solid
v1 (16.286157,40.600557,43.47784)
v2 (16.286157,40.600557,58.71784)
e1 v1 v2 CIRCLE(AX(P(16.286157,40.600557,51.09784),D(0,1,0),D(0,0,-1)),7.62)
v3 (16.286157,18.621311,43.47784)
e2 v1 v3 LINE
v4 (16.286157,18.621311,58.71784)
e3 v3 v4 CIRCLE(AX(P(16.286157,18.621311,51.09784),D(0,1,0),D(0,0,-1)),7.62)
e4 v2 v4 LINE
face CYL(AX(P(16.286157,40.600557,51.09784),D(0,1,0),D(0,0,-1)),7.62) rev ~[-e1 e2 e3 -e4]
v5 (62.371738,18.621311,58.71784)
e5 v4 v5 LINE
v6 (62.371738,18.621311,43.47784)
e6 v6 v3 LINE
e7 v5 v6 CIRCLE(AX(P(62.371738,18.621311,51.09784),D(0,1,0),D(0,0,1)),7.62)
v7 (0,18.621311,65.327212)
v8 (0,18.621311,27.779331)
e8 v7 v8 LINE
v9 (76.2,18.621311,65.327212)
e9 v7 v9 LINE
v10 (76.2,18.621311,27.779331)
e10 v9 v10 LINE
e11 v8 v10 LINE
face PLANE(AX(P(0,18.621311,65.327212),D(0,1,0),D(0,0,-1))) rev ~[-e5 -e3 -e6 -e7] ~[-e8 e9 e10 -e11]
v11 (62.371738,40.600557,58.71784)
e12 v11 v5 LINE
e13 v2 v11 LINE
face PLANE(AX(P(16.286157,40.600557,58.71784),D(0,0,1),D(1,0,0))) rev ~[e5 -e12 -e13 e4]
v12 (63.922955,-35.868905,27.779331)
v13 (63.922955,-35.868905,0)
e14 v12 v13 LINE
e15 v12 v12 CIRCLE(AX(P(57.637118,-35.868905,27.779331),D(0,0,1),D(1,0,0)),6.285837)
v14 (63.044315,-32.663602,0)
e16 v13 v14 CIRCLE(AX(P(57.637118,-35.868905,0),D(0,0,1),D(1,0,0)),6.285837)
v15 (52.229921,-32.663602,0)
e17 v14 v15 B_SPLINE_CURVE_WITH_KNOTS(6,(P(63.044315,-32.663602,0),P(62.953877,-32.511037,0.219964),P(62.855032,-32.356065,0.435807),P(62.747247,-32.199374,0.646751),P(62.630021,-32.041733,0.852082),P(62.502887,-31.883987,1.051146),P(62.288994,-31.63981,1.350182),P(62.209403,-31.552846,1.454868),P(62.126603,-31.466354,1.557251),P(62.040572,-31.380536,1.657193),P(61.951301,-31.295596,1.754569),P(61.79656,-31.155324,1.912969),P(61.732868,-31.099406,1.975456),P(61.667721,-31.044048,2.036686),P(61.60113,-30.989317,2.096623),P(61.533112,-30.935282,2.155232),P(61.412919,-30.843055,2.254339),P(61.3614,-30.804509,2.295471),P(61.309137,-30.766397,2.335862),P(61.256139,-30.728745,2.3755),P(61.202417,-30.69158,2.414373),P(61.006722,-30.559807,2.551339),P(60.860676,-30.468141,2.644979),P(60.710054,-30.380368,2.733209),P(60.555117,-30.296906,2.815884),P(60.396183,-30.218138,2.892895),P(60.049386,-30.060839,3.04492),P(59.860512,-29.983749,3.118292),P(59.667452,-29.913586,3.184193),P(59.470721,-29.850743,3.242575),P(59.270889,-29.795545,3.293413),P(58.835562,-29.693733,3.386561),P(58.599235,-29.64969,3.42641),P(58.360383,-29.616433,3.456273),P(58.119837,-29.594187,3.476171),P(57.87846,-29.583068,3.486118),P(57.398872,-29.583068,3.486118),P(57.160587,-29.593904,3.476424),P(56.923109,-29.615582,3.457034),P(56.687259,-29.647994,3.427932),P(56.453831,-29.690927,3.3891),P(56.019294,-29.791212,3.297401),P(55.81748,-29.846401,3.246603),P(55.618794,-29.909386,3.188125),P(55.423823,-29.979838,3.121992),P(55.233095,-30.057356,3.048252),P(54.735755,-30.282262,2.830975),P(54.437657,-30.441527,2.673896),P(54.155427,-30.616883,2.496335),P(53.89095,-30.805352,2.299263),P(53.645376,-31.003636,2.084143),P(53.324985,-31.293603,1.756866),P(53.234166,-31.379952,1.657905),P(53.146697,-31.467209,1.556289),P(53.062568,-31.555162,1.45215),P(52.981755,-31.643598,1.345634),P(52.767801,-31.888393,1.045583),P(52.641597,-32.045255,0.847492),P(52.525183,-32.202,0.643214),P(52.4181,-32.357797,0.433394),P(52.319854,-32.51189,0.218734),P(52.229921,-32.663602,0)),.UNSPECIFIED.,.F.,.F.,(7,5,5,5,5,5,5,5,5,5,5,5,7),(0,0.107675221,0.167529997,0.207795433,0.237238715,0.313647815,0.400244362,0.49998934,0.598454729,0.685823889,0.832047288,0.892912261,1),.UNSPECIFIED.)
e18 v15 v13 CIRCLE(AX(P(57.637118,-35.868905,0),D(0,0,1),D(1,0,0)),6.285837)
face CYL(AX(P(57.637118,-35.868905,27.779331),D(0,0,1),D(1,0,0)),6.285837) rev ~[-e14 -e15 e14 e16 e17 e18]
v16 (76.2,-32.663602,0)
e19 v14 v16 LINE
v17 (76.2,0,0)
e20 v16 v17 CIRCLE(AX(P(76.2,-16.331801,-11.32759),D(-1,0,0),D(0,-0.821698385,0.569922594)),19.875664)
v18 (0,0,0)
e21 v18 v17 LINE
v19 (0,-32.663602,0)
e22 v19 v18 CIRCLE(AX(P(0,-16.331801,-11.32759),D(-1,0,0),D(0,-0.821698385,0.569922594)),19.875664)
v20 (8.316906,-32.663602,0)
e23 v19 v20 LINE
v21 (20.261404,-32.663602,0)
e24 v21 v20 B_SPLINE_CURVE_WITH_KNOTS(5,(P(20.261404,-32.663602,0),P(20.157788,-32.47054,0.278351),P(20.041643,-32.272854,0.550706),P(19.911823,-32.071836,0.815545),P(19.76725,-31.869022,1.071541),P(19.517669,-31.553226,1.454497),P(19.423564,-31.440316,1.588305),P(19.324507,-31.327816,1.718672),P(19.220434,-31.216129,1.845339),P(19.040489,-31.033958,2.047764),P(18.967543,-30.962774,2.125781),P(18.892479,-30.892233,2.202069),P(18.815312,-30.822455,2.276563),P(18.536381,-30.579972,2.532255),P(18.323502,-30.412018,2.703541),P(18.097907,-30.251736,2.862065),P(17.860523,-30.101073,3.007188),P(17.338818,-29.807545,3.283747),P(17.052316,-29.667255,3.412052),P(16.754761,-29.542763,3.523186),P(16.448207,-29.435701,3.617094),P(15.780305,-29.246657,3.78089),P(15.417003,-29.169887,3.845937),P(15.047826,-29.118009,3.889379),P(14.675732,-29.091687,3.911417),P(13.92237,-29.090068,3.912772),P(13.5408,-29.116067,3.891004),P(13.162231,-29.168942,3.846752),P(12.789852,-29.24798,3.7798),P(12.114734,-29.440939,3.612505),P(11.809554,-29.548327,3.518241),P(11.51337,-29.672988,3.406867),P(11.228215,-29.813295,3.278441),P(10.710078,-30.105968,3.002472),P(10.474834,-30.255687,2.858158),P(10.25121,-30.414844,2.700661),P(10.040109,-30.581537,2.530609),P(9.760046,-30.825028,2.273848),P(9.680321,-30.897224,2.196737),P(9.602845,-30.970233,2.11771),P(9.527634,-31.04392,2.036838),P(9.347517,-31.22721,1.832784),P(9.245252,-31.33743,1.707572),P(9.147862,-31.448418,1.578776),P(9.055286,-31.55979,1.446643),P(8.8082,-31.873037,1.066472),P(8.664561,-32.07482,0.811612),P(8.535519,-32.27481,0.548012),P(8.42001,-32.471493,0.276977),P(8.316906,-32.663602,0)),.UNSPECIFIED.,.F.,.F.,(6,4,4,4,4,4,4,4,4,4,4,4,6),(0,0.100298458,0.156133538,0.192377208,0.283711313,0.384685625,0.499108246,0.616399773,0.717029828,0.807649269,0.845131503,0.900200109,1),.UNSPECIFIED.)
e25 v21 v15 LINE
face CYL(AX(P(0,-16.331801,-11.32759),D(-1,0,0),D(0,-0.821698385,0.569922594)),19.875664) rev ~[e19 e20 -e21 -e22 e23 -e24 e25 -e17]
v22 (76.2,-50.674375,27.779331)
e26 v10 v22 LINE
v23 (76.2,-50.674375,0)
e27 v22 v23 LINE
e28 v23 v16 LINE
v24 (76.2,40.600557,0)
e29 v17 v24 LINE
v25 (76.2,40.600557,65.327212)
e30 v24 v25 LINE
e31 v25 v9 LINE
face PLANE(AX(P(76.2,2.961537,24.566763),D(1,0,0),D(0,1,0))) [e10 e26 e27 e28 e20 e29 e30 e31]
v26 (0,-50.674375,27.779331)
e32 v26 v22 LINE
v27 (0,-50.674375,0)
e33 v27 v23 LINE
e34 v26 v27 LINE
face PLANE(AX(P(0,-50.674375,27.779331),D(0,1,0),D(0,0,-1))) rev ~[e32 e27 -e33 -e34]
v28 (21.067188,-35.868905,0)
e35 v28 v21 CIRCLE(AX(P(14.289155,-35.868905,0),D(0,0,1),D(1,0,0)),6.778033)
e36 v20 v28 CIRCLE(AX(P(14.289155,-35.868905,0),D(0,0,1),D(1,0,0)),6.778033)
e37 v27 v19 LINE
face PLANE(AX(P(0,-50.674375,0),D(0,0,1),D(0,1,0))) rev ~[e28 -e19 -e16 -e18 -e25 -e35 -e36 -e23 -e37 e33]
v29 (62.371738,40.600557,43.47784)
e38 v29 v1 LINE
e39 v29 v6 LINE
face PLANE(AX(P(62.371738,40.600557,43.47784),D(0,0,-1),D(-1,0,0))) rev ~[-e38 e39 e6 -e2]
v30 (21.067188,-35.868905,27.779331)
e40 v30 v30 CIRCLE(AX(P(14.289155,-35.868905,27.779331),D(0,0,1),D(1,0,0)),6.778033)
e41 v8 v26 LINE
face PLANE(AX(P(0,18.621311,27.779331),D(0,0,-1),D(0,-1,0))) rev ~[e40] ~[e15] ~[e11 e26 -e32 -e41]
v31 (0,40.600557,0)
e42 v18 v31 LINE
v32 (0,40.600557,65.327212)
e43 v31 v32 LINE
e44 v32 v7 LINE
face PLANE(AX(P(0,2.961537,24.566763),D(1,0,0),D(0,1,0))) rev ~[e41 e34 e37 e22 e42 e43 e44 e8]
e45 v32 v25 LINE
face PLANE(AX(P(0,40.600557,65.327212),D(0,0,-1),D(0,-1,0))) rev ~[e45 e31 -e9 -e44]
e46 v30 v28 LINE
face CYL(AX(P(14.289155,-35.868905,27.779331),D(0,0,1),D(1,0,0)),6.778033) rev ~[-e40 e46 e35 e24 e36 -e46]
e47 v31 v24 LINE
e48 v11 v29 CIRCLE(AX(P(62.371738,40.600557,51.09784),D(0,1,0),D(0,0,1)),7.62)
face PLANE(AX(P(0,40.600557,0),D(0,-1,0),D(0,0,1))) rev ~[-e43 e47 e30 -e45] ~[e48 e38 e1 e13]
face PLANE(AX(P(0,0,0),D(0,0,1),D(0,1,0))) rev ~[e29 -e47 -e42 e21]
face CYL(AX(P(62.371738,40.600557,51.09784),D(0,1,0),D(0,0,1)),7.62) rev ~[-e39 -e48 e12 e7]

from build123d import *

# Parameters (mm, degrees)
F1_DEPTH = 76.2
F2_R     = 6.778033
F2_R_2   = 6.285837
F3_DEPTH = 63.246
F5_DEPTH = 25.4


with BuildPart() as f1:
    # F0 (on Right) → F1 (new body)
    with BuildSketch(Plane.YZ):
        with BuildLine():
            ThreePointArc((-32.663602, 0), (-16.331801, 8.548074), (0, 0))
            Line((0, 0), (18.621311, 0))
            Line((18.621311, 0), (40.600557, 0))
            Line((40.600557, 0), (40.600557, 65.327212))
            Line((40.600557, 65.327212), (18.621311, 65.327212))
            Line((18.621311, 65.327212), (18.621311, 27.779331))
            Line((18.621311, 27.779331), (-50.674375, 27.779331))
            Line((-50.674375, 27.779331), (-50.674375, 0))
            Line((-50.674375, 0), (-32.663602, 0))
        make_face()
    extrude(amount=F1_DEPTH)

    # F2 (on face) → F3 (cut)
    with BuildSketch(Plane.XY.offset(27.779331)):
        with Locations((14.289155, -35.868905)):
            Circle(F2_R)
        with Locations((57.637118, -35.868905)):
            Circle(F2_R_2)
    extrude(amount=-F3_DEPTH, mode=Mode.SUBTRACT)

    # F4 (on face) → F5 (cut)
    with BuildSketch(Plane(origin=(0, 40.600557, 0), x_dir=(-1, 0, 0), z_dir=(0, 1, 0))):
        with BuildLine():
            Line((-16.286157, 58.71784), (-62.371738, 58.71784))
            ThreePointArc((-62.371738, 58.71784), (-69.991738, 51.09784), (-62.371738, 43.47784))
            Line((-62.371738, 43.47784), (-16.286157, 43.47784))
            ThreePointArc((-16.286157, 43.47784), (-8.666157, 51.09784), (-16.286157, 58.71784))
        make_face()
    extrude(amount=-F5_DEPTH, mode=Mode.SUBTRACT)


solid = f1.part
